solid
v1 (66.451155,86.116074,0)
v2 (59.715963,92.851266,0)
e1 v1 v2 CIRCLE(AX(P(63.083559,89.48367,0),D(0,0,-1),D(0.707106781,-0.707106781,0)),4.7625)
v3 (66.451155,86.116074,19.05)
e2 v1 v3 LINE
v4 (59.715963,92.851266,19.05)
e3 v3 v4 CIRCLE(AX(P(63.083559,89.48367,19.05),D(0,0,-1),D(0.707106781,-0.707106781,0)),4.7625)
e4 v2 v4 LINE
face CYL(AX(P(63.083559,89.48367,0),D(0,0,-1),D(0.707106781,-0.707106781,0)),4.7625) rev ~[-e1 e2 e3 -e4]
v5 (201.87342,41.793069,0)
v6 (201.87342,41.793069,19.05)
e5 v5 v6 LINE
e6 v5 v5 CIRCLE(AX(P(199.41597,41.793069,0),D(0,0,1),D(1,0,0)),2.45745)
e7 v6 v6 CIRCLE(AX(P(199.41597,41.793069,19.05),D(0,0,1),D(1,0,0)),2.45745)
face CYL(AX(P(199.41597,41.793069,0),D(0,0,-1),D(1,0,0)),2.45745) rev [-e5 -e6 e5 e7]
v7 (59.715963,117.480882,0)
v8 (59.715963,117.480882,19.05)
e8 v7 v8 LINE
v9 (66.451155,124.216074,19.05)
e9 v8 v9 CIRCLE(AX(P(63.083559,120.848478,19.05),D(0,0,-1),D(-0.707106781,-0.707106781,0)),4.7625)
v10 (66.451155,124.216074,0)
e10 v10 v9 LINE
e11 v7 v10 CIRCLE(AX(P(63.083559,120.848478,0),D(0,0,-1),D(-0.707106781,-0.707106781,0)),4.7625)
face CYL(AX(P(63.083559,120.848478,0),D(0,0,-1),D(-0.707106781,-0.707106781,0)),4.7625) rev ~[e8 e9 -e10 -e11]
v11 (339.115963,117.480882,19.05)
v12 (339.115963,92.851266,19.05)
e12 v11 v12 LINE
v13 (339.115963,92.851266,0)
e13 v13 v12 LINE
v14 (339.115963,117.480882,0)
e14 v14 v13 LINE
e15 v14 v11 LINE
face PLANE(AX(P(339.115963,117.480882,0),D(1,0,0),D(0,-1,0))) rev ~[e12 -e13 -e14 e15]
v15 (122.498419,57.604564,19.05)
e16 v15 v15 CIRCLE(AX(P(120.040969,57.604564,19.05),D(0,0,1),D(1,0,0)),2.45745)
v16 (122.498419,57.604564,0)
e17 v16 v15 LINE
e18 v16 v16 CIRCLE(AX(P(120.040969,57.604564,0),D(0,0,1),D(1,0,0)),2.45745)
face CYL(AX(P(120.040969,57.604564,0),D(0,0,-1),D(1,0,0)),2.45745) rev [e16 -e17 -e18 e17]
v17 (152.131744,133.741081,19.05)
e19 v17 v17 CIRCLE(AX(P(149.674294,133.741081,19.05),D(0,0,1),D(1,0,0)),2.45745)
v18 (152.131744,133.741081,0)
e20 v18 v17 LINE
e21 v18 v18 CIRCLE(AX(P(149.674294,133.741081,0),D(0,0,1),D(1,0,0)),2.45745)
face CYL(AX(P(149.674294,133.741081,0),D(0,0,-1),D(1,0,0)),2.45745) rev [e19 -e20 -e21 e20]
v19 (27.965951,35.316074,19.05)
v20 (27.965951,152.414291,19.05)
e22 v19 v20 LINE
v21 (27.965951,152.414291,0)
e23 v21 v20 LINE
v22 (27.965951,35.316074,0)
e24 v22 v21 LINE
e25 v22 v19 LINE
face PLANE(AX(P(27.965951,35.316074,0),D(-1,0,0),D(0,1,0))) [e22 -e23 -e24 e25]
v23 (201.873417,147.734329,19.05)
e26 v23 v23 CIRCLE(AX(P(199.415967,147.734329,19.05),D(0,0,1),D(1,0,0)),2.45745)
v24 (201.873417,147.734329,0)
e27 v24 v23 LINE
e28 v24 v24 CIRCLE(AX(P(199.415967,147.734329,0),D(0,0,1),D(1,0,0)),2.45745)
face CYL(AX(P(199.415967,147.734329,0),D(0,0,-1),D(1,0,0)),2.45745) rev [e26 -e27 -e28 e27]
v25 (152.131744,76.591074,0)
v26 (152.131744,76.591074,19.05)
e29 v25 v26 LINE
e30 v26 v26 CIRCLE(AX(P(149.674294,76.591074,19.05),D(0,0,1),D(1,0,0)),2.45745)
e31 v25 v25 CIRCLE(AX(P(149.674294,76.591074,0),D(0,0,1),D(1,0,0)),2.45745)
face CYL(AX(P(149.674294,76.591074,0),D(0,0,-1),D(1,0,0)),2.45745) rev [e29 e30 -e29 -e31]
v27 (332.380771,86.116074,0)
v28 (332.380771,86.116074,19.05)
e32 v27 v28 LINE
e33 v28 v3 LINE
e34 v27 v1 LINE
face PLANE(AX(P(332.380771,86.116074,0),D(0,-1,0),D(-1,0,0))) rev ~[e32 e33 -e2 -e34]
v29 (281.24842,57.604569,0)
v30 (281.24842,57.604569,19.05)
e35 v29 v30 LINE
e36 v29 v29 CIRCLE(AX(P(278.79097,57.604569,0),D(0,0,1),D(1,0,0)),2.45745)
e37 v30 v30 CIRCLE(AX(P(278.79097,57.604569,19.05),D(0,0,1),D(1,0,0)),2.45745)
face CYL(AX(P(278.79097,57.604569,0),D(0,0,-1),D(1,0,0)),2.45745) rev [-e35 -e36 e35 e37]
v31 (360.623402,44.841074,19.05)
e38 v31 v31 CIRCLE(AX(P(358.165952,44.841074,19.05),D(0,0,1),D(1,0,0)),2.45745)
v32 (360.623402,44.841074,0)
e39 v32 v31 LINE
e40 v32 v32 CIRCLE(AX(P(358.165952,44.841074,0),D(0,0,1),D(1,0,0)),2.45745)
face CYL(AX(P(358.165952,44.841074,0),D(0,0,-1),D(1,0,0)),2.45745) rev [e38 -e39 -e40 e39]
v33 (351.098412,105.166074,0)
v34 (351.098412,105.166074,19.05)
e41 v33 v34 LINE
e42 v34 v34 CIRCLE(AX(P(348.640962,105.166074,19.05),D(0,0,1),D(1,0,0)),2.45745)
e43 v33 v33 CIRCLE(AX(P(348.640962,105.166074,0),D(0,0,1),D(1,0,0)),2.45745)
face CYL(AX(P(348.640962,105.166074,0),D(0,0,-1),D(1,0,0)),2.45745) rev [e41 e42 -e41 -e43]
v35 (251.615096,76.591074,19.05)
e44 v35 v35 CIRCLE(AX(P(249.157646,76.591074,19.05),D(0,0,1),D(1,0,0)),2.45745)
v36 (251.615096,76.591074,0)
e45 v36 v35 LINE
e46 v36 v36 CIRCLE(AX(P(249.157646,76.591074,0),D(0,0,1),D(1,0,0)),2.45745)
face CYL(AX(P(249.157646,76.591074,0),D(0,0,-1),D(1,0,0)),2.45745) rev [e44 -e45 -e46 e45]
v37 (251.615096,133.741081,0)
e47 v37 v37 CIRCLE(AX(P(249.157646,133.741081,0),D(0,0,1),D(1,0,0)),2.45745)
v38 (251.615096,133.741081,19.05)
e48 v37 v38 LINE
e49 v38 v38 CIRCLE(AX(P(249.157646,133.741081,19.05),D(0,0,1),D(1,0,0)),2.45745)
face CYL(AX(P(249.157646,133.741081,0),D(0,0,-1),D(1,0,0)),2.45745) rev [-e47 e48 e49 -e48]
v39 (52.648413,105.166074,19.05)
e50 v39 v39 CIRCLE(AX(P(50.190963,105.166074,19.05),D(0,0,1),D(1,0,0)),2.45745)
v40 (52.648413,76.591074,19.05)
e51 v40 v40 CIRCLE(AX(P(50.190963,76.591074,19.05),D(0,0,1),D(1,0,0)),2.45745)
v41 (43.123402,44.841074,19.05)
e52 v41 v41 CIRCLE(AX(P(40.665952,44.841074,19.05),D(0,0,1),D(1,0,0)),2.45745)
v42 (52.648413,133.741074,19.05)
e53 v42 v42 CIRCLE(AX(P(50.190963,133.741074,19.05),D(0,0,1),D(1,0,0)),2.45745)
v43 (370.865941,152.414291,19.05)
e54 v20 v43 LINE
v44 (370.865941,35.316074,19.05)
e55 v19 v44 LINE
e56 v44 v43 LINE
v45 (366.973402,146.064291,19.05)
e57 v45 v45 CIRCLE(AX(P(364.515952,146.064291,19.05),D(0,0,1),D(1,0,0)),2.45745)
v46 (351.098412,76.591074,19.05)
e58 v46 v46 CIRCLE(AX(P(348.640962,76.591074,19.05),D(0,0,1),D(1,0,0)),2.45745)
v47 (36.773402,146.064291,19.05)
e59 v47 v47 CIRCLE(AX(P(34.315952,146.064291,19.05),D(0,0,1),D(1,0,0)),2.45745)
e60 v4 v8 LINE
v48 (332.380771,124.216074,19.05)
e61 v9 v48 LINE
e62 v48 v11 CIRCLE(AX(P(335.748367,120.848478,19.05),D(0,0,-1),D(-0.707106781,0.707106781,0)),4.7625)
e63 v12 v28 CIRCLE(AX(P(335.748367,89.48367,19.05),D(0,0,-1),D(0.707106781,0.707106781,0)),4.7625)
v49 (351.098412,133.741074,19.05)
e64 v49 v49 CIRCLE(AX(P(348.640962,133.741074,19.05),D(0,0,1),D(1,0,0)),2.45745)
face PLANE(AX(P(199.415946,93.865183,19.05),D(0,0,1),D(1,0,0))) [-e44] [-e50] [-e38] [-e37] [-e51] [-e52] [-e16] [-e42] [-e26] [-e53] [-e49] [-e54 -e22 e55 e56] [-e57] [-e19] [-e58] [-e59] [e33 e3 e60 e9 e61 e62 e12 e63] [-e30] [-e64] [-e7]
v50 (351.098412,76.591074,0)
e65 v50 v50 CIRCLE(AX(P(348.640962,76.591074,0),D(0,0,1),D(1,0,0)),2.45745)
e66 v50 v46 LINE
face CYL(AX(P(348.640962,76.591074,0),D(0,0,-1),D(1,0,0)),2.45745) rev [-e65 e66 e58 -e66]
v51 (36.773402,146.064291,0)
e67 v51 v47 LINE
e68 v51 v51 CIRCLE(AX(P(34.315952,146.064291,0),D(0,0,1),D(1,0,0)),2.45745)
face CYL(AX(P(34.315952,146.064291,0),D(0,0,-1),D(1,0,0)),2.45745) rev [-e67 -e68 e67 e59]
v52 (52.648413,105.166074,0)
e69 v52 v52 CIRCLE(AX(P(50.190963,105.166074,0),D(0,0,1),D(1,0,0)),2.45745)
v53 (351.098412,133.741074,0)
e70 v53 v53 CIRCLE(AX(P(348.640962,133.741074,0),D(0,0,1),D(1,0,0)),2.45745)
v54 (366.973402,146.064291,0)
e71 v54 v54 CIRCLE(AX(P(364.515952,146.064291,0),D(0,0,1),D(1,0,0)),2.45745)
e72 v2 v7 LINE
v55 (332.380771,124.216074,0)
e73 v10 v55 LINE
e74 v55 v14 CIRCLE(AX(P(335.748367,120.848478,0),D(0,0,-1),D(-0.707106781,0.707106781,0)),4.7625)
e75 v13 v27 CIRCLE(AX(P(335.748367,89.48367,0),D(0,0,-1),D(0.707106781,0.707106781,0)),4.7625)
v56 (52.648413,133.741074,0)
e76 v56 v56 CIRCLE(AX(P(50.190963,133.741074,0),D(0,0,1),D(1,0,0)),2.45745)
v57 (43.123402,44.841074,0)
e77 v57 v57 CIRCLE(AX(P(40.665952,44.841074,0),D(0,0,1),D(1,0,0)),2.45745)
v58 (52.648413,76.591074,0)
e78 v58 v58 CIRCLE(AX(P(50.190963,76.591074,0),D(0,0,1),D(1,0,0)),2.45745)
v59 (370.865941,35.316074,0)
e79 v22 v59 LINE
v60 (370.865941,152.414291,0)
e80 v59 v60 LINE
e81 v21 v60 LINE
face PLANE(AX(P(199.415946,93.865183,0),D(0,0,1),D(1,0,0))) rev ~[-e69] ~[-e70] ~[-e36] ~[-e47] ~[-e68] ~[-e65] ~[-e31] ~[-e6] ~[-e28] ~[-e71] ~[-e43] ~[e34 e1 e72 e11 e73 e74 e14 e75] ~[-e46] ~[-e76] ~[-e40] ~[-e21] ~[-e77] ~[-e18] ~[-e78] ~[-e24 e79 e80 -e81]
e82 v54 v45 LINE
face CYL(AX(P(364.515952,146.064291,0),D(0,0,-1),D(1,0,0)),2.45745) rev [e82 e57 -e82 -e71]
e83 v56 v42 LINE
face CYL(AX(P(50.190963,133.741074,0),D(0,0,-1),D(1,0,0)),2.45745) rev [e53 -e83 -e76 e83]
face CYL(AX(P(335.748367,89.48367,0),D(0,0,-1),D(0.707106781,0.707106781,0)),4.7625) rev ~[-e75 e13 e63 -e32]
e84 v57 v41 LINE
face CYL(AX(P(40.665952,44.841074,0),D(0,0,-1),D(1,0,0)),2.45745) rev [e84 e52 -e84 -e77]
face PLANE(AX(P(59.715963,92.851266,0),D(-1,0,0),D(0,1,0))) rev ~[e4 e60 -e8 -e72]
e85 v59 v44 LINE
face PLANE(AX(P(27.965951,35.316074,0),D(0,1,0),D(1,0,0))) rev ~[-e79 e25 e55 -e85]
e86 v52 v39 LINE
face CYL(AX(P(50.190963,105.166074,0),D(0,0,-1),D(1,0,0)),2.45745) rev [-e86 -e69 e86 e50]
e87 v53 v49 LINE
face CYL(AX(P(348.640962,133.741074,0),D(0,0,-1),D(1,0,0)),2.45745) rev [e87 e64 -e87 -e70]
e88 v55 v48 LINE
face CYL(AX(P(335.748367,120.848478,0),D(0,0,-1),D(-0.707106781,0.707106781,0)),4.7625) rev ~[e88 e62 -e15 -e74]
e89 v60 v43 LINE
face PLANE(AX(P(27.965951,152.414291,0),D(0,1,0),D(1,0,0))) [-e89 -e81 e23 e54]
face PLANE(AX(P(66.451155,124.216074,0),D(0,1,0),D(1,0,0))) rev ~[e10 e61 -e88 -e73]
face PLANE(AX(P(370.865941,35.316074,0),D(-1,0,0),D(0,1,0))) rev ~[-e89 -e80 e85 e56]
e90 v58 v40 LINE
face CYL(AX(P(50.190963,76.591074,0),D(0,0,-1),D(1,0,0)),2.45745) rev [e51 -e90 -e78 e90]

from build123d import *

# Parameters (mm, degrees)
F0_W     = 342.899989
F0_H     = 117.098217
F0_R     = 2.45745
F1_DEPTH = 19.05


with BuildPart() as f1:
    # F0 (on Top) → F1 (new body)
    with BuildSketch(Plane.XY):
        with Locations((199.415946, 93.865183)):
            Rectangle(F0_W, F0_H)
        with Locations((40.665952, 44.841074)):
            Circle(F0_R, mode=Mode.SUBTRACT)
        with Locations((120.040969, 57.604564)):
            Circle(F0_R, mode=Mode.SUBTRACT)
        with Locations((50.190963, 76.591074)):
            Circle(F0_R, mode=Mode.SUBTRACT)
        with Locations((149.674294, 76.591074)):
            Circle(F0_R, mode=Mode.SUBTRACT)
        with Locations((199.41597, 41.793069)):
            Circle(F0_R, mode=Mode.SUBTRACT)
        with Locations((278.79097, 57.604569)):
            Circle(F0_R, mode=Mode.SUBTRACT)
        with Locations((358.165952, 44.841074)):
            Circle(F0_R, mode=Mode.SUBTRACT)
        with Locations((249.157646, 76.591074)):
            Circle(F0_R, mode=Mode.SUBTRACT)
        with Locations((348.640962, 76.591074)):
            Circle(F0_R, mode=Mode.SUBTRACT)
        with Locations((50.190963, 105.166074)):
            Circle(F0_R, mode=Mode.SUBTRACT)
        with Locations((50.190963, 133.741074)):
            Circle(F0_R, mode=Mode.SUBTRACT)
        with Locations((34.315952, 146.064291)):
            Circle(F0_R, mode=Mode.SUBTRACT)
        with Locations((149.674294, 133.741081)):
            Circle(F0_R, mode=Mode.SUBTRACT)
        with BuildLine():
            ThreePointArc((66.451155, 86.116074), (59.715963, 86.116074), (59.715963, 92.851266))
            Line((59.715963, 92.851266), (59.715963, 117.480882))
            ThreePointArc((59.715963, 117.480882), (59.715963, 124.216074), (66.451155, 124.216074))
            Line((66.451155, 124.216074), (332.380771, 124.216074))
            ThreePointArc((332.380771, 124.216074), (339.115963, 124.216074), (339.115963, 117.480882))
            Line((339.115963, 117.480882), (339.115963, 92.851266))
            ThreePointArc((339.115963, 92.851266), (339.115963, 86.116074), (332.380771, 86.116074))
            Line((332.380771, 86.116074), (66.451155, 86.116074))
        make_face(mode=Mode.SUBTRACT)
        with Locations((348.640962, 105.166074)):
            Circle(F0_R, mode=Mode.SUBTRACT)
        with Locations((249.157646, 133.741081)):
            Circle(F0_R, mode=Mode.SUBTRACT)
        with Locations((199.415967, 147.734329)):
            Circle(F0_R, mode=Mode.SUBTRACT)
        with Locations((348.640962, 133.741074)):
            Circle(F0_R, mode=Mode.SUBTRACT)
        with Locations((364.515952, 146.064291)):
            Circle(F0_R, mode=Mode.SUBTRACT)
    extrude(amount=F1_DEPTH)


solid = f1.part
